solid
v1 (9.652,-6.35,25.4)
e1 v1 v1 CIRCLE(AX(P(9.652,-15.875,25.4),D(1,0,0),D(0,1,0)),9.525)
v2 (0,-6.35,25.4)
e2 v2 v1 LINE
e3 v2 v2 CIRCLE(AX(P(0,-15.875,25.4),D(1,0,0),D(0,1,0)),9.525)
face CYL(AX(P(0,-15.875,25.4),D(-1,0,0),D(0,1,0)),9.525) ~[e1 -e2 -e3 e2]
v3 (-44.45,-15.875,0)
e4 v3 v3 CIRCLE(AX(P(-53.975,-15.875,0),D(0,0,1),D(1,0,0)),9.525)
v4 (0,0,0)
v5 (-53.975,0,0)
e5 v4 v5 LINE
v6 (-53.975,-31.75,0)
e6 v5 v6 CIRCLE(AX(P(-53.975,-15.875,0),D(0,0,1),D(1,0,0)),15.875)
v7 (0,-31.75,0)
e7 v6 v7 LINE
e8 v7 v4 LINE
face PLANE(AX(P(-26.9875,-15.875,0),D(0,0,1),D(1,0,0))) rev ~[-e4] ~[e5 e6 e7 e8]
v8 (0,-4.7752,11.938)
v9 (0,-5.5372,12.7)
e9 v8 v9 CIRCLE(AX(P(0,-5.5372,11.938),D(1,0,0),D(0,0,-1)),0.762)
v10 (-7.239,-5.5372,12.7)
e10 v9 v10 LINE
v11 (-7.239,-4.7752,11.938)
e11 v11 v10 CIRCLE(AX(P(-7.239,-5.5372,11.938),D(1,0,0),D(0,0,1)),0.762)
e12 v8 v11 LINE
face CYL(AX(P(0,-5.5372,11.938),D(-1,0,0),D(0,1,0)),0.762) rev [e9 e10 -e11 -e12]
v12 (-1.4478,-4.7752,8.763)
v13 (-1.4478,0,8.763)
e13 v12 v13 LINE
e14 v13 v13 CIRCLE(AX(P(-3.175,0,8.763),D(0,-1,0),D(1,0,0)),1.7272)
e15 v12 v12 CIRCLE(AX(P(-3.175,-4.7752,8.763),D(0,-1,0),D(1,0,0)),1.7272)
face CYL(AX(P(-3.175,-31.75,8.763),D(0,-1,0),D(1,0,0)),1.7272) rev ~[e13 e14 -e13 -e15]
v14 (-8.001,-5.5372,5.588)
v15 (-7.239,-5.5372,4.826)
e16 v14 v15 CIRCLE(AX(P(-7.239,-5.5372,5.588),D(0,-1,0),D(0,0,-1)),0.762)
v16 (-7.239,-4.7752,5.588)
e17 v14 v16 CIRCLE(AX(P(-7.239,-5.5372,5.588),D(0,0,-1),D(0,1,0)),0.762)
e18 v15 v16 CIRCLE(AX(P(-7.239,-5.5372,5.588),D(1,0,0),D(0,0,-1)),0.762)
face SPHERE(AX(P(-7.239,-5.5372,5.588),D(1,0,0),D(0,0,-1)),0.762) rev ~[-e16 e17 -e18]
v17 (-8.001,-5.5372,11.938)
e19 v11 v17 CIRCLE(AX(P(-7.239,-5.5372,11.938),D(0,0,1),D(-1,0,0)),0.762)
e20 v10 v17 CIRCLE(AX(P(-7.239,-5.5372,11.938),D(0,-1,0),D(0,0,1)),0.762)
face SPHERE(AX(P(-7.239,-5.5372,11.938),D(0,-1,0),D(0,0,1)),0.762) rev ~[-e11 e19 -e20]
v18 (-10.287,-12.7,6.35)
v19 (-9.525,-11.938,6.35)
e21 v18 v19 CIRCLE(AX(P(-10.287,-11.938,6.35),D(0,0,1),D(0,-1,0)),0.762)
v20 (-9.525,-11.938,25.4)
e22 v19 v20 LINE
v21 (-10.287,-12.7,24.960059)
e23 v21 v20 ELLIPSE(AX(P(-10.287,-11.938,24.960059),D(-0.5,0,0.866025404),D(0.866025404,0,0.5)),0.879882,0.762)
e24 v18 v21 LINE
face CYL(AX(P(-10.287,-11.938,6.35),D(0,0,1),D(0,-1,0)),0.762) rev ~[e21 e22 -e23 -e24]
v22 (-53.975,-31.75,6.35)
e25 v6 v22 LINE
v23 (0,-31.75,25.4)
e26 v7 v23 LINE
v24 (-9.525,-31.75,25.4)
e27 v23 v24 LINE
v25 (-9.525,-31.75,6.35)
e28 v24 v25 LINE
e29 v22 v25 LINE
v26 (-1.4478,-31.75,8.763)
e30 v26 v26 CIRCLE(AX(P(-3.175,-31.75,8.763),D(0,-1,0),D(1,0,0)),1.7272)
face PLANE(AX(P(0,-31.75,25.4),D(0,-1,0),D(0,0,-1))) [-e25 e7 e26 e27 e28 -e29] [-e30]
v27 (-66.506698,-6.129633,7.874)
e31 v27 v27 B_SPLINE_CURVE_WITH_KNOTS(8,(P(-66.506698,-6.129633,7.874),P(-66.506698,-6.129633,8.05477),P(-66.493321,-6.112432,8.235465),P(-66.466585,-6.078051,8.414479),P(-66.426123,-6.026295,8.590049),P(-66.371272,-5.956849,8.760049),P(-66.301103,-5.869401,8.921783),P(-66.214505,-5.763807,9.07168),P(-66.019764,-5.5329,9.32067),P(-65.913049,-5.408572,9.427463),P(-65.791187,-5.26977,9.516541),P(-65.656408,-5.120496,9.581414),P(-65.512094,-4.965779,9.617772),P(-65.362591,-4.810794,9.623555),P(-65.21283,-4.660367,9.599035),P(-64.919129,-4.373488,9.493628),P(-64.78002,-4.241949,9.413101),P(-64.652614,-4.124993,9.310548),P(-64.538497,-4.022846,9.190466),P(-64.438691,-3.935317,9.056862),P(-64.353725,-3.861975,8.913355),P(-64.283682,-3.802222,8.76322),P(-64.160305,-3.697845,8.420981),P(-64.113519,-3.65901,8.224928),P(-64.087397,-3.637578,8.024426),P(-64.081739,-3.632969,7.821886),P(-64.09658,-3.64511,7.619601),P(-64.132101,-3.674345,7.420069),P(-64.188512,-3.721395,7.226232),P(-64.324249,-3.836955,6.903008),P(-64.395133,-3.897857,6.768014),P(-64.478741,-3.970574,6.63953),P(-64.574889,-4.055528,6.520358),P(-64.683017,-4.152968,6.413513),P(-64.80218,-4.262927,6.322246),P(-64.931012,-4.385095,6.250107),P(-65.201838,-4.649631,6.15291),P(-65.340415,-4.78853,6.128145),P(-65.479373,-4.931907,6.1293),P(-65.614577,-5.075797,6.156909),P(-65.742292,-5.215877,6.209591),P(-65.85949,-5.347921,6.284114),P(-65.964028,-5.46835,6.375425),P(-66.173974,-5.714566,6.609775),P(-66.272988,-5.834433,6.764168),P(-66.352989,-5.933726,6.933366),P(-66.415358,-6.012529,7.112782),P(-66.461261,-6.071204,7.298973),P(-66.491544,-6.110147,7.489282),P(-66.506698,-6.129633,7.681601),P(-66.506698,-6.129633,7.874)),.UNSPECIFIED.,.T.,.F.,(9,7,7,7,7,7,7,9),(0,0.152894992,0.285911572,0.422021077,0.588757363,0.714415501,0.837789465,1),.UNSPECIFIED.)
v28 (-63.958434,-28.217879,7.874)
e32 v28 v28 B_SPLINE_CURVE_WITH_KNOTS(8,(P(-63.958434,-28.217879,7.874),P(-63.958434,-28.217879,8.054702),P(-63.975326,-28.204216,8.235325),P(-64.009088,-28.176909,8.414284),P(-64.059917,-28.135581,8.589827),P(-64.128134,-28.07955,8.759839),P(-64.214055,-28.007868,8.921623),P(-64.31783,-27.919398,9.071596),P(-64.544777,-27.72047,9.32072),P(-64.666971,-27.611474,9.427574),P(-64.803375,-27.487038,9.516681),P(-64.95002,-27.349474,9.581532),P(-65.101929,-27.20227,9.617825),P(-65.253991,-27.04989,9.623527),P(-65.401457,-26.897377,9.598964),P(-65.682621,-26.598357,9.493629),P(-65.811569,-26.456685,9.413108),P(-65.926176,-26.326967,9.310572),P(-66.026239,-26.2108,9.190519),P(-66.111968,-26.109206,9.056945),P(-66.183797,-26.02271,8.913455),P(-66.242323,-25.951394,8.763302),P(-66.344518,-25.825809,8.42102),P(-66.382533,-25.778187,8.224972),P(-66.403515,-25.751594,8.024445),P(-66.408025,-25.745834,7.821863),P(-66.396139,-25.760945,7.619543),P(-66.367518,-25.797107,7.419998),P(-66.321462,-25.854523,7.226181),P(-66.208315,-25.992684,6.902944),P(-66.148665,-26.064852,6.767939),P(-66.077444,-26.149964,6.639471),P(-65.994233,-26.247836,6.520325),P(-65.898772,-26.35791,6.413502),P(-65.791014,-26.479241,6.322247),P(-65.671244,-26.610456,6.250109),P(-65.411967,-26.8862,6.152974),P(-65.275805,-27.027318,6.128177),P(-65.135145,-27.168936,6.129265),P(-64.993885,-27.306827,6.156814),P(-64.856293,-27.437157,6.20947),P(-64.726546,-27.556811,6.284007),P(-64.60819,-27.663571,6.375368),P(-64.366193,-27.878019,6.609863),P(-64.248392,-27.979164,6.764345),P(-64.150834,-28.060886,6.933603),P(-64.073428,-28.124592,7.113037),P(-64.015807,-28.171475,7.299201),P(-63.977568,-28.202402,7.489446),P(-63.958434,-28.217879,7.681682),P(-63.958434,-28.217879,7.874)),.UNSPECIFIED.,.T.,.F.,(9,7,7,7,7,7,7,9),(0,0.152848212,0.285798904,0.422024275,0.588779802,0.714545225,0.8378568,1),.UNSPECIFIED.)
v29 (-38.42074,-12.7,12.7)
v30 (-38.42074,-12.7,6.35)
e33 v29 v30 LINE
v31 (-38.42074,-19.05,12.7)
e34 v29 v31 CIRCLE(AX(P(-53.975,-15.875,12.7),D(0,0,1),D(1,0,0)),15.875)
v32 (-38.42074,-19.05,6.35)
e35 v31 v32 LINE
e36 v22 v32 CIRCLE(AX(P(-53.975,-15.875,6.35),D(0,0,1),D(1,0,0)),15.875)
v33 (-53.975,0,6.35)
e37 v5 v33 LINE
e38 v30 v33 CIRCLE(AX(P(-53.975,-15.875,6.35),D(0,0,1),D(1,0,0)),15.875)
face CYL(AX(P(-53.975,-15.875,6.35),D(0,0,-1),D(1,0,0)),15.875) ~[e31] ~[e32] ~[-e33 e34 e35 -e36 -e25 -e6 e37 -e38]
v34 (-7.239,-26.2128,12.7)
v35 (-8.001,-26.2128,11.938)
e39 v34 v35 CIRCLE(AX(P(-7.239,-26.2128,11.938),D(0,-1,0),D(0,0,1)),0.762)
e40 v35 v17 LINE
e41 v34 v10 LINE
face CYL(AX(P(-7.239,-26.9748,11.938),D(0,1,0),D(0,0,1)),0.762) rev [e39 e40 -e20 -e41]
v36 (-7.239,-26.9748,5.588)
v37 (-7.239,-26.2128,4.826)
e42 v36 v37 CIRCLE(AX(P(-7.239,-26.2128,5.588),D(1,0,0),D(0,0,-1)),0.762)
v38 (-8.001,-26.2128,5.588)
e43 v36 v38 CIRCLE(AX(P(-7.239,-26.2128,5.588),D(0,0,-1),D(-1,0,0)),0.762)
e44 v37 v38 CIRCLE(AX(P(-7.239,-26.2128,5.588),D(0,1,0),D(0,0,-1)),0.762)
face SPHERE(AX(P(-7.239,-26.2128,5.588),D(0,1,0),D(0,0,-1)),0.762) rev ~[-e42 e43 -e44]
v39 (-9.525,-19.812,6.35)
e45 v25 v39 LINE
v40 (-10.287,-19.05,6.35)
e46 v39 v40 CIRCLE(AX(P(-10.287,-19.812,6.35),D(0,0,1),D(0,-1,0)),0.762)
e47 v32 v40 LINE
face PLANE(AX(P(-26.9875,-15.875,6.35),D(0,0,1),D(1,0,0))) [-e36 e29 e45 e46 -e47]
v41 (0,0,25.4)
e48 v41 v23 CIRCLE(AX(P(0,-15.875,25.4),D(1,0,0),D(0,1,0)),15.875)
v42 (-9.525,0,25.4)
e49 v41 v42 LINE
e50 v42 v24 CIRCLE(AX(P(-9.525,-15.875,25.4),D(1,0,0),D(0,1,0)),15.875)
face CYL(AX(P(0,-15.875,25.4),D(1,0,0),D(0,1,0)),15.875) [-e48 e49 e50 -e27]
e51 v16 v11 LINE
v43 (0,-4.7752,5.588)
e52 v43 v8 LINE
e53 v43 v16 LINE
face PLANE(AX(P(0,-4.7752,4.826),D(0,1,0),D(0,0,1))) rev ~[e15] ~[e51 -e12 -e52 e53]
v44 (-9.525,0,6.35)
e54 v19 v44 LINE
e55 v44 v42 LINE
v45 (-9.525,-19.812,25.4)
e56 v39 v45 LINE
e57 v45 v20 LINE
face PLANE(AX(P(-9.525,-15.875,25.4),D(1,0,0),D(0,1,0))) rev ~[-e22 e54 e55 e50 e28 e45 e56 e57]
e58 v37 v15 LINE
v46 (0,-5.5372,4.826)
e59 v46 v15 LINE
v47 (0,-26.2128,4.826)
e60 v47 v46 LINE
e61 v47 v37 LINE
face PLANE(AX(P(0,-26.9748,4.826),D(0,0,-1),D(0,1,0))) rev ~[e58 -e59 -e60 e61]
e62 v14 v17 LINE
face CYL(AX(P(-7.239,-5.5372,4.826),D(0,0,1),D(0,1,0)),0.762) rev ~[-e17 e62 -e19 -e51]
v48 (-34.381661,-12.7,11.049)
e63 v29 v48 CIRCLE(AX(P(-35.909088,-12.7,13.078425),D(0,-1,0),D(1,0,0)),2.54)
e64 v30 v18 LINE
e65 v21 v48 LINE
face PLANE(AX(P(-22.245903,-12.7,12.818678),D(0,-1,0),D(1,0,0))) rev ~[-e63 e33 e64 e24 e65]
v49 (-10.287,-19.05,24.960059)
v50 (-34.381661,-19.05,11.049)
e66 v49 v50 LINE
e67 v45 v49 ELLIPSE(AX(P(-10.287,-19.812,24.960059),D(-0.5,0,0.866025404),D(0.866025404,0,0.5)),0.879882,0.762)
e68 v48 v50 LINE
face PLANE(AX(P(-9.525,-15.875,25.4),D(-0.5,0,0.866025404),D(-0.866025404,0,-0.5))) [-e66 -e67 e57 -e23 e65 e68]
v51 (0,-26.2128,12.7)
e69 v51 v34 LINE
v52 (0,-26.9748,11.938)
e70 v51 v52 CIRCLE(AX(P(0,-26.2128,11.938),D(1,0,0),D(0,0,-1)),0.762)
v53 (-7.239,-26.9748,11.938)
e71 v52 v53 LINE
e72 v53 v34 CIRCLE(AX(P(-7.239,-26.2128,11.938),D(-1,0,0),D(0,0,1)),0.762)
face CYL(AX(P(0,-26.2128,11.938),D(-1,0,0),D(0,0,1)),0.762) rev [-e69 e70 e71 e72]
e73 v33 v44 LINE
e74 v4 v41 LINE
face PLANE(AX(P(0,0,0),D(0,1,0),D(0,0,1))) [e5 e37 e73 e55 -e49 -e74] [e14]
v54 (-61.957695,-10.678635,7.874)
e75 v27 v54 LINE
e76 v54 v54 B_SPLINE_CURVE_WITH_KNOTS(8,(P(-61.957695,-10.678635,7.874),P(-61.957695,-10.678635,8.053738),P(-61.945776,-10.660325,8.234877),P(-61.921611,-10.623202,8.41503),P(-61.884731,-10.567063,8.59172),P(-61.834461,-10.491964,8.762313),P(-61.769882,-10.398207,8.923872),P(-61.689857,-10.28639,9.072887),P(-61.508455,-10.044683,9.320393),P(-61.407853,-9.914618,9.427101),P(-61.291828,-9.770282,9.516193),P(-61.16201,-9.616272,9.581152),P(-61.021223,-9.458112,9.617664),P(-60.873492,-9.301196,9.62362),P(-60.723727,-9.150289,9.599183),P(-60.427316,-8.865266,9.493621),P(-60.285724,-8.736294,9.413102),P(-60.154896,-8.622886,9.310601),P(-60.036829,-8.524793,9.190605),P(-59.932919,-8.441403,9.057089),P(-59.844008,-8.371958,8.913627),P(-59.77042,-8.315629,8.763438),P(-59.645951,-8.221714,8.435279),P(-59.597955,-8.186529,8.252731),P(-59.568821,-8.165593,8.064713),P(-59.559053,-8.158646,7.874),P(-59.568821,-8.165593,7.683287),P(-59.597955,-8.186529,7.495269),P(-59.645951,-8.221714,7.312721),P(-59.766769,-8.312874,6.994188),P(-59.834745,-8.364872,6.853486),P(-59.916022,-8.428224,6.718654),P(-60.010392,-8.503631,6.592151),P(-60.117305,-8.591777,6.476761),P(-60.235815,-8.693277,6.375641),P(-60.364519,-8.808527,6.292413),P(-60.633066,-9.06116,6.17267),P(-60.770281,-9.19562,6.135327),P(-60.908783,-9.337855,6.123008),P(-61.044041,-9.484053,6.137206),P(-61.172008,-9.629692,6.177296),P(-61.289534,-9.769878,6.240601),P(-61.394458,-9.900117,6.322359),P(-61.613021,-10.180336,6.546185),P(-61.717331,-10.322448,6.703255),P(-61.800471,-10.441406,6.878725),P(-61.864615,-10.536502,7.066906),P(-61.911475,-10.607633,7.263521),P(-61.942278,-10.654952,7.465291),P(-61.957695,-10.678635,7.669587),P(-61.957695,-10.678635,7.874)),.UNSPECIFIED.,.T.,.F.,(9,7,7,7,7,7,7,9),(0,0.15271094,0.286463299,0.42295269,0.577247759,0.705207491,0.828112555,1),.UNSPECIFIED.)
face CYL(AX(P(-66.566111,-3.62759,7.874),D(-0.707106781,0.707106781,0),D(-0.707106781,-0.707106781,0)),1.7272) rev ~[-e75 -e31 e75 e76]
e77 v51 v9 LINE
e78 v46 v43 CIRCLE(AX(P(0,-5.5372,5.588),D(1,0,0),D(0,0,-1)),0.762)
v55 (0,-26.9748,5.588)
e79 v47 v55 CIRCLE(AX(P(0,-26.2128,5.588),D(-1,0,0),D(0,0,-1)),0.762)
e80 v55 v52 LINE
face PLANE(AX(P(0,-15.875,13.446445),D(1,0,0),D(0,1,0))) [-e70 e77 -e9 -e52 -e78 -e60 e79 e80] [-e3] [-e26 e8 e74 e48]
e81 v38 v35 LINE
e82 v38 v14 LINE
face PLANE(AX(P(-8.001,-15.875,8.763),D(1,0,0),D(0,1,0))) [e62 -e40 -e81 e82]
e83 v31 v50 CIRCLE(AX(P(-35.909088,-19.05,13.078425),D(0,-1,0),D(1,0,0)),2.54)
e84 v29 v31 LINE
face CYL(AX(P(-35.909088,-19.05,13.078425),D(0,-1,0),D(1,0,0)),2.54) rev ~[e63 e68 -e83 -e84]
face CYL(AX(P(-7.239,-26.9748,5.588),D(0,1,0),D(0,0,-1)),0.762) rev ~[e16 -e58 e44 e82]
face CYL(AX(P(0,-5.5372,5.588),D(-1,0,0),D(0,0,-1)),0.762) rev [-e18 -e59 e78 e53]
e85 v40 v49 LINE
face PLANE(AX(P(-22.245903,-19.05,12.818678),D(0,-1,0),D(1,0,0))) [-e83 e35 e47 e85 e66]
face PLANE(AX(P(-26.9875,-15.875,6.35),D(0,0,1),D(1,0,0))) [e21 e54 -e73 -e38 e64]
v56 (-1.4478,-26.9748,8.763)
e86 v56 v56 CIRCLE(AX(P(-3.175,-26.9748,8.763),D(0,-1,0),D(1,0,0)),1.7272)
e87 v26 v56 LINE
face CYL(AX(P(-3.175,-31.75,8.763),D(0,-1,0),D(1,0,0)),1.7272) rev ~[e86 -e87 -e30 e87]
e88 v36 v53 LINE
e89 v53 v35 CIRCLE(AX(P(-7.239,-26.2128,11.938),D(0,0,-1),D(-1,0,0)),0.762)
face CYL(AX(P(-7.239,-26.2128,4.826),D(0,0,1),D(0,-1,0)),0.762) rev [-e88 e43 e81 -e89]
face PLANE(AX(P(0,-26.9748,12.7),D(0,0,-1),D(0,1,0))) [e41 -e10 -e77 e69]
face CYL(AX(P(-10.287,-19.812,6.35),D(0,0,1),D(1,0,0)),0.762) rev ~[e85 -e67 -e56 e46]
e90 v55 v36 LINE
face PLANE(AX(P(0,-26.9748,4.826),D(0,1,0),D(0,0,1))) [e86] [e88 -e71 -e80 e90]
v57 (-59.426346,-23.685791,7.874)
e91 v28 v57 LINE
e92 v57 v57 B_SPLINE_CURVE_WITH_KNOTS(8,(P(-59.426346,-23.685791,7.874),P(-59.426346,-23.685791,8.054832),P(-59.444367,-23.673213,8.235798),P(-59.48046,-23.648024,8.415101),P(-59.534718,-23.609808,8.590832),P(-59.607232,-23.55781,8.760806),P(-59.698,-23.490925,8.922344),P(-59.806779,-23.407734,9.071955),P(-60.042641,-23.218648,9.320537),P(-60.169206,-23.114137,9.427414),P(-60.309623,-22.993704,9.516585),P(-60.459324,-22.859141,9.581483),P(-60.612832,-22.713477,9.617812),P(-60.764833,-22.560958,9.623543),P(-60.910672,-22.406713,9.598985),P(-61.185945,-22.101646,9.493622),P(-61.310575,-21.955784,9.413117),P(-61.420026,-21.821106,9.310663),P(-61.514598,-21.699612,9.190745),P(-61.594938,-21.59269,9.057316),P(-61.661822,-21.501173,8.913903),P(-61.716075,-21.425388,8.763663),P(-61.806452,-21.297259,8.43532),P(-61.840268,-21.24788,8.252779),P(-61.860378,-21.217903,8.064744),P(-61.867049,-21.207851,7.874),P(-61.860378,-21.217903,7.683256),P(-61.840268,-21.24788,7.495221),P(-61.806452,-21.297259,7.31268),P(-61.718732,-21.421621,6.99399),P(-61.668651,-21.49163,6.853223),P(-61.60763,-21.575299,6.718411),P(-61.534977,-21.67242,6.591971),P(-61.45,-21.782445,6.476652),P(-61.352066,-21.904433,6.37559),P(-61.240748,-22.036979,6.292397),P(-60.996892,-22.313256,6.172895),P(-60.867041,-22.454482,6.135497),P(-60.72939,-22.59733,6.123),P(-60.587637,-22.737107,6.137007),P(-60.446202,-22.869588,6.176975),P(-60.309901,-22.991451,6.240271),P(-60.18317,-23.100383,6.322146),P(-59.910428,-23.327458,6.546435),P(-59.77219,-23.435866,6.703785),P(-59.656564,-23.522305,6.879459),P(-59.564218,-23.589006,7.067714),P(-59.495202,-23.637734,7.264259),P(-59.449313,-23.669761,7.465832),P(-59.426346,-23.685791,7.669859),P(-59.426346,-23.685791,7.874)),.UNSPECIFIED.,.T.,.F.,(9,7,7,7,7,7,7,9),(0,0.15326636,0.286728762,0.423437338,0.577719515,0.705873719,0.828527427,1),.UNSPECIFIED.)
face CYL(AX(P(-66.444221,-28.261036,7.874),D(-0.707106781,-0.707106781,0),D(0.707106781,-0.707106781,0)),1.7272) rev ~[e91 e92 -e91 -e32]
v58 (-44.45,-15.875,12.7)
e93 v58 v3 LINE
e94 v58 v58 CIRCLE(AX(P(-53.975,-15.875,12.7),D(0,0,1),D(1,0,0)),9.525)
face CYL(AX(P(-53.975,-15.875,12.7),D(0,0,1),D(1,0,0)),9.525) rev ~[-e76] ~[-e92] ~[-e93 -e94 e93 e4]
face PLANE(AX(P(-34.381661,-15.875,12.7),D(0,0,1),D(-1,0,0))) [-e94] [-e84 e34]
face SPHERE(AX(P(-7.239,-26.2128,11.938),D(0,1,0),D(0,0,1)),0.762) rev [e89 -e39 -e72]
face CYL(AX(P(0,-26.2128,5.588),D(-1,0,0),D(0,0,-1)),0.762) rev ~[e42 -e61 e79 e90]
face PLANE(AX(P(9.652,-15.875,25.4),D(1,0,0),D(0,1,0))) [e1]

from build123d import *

# Parameters (mm, degrees)
F0_W          = 53.975
F0_H          = 31.75
F1_DEPTH      = 6.35
F2_R          = 15.875
F3_DEPTH      = 6.35
F3_DEPTH_BACK = 6.35
F4_R          = 9.525
F5_DEPTH      = 25.4
F6_W          = 31.75
F6_H          = 6.35
F6_R          = 9.525
F7_DEPTH      = 9.525
F8_R          = 9.525
F9_DEPTH      = 9.652
F9_DEPTH_BACK = 9.525
F12_DEPTH     = 3.175
F13_R         = 2.54
F14_DEPTH     = 19.051
F15_R         = 1.7272
F16_DEPTH     = 31.751
F17_W         = 22.1996
F17_H         = 7.874
F18_DEPTH     = 8.001
F19_R         = 0.762
F24_R         = 1.7272
F25_DEPTH     = 12.7
F27_R         = 1.7272
F28_DEPTH     = 12.7


with BuildPart() as f1:
    # F0 (on Top) → F1 (new body)
    with BuildSketch(Plane.XY):
        with Locations((-26.9875, -15.875)):
            Rectangle(F0_W, F0_H)
    extrude(amount=F1_DEPTH)

    # F2 (on face) → F3 (join, two sides)
    with BuildSketch(Plane.XY.offset(6.35)) as f3_sk:
        with Locations((-53.975, -15.875)):
            Circle(F2_R)
    extrude(amount=F3_DEPTH)
    extrude(f3_sk.sketch, amount=-F3_DEPTH_BACK)

    # F4 (on face) → F5 (cut)
    with BuildSketch(Plane.XY.offset(12.7)):
        with Locations((-53.975, -15.875)):
            Circle(F4_R)
    extrude(amount=-F5_DEPTH, mode=Mode.SUBTRACT)

    # F6 (on face) → F7 (join)
    with BuildSketch(Plane.YZ):
        with BuildLine():
            Line((0, 6.35), (0, 25.4))
            ThreePointArc((0, 25.4), (-15.875, 9.525), (-31.75, 25.4))
            Line((-31.75, 25.4), (-31.75, 6.35))
            Line((-31.75, 6.35), (0, 6.35))
        make_face()
        with Locations((-15.875, 3.175)):
            Rectangle(F6_W, F6_H)
        with BuildLine():
            ThreePointArc((-31.75, 25.4), (-15.875, 9.525), (0, 25.4))
            ThreePointArc((0, 25.4), (-15.875, 41.275), (-31.75, 25.4))
        make_face()
        with Locations((-15.875, 25.4)):
            Circle(F6_R, mode=Mode.SUBTRACT)
    extrude(amount=-F7_DEPTH)

    # F8 (on face) → F9 (join, two sides)
    with BuildSketch(Plane.YZ) as f9_sk:
        with Locations((-15.875, 25.4)):
            Circle(F8_R)
    extrude(amount=F9_DEPTH)
    extrude(f9_sk.sketch, amount=-F9_DEPTH_BACK)

    # F11 (on offset) → F12 (join, symmetric)
    with BuildSketch(Plane.XZ.offset(15.875)):
        Polygon((-9.525, 6.35), (-9.525, 25.4), (-34.3816611394, 11.049), (-34.3816611394, 12.7), (-38.9536611394, 12.7), (-38.9536611394, 6.35), align=None)
    extrude(amount=F12_DEPTH, both=True)

    # F13 (on face) → F14 (cut, through all)
    with BuildSketch(Plane.XZ.offset(19.05)):
        with Locations((-35.9090883884, 13.0784250415)):
            Circle(F13_R)
    extrude(amount=-F14_DEPTH, mode=Mode.SUBTRACT)

    # F15 (on face) → F16 (cut, through all)
    with BuildSketch(Plane.XZ.offset(31.75)):
        with Locations((-3.175, 8.763)):
            Circle(F15_R)
    extrude(amount=-F16_DEPTH, mode=Mode.SUBTRACT)

    # F17 (on face) → F18 (cut)
    with BuildSketch(Plane.YZ):
        with Locations((-15.875, 8.763)):
            Rectangle(F17_W, F17_H)
    extrude(amount=-F18_DEPTH, mode=Mode.SUBTRACT)

    # F19
    f19_edges = [f1.edges().sort_by_distance(p)[0] for p in [
        (-4.0005, -4.7752, 4.826),
        (-8.001, -15.875, 4.826),
        (-4.0005, -26.9748, 4.826),
        (-8.001, -15.875, 12.7),
        (-4.0005, -4.7752, 12.7),
        (-4.0005, -26.9748, 12.7),
        (-8.001, -26.9748, 8.763),
        (-8.001, -4.7752, 8.763),
        (-9.525, -19.05, 15.875),
        (-9.525, -12.7, 15.875),
    ]]
    fillet(f19_edges, radius=F19_R)

    # F24 (on offset) → F25 (cut)
    with BuildSketch(Plane(origin=(-47.3526280605, -47.3526280605, 0), x_dir=(0.7071067812, -0.7071067812, 0), z_dir=(-0.7071067812, -0.7071067812, 0))):
        with Locations((-26.9995890558, 7.874)):
            Circle(F24_R)
    extrude(amount=-F25_DEPTH, mode=Mode.SUBTRACT)

    # F27 (on offset) → F28 (cut)
    with BuildSketch(Plane(origin=(-31.4692606164, 31.4692606164, 0), x_dir=(-0.7071067812, -0.7071067812, 0), z_dir=(-0.7071067812, 0.7071067812, 0))):
        with Locations((49.6344417334, 7.874)):
            Circle(F27_R)
    extrude(amount=-F28_DEPTH, mode=Mode.SUBTRACT)


solid = f1.part
